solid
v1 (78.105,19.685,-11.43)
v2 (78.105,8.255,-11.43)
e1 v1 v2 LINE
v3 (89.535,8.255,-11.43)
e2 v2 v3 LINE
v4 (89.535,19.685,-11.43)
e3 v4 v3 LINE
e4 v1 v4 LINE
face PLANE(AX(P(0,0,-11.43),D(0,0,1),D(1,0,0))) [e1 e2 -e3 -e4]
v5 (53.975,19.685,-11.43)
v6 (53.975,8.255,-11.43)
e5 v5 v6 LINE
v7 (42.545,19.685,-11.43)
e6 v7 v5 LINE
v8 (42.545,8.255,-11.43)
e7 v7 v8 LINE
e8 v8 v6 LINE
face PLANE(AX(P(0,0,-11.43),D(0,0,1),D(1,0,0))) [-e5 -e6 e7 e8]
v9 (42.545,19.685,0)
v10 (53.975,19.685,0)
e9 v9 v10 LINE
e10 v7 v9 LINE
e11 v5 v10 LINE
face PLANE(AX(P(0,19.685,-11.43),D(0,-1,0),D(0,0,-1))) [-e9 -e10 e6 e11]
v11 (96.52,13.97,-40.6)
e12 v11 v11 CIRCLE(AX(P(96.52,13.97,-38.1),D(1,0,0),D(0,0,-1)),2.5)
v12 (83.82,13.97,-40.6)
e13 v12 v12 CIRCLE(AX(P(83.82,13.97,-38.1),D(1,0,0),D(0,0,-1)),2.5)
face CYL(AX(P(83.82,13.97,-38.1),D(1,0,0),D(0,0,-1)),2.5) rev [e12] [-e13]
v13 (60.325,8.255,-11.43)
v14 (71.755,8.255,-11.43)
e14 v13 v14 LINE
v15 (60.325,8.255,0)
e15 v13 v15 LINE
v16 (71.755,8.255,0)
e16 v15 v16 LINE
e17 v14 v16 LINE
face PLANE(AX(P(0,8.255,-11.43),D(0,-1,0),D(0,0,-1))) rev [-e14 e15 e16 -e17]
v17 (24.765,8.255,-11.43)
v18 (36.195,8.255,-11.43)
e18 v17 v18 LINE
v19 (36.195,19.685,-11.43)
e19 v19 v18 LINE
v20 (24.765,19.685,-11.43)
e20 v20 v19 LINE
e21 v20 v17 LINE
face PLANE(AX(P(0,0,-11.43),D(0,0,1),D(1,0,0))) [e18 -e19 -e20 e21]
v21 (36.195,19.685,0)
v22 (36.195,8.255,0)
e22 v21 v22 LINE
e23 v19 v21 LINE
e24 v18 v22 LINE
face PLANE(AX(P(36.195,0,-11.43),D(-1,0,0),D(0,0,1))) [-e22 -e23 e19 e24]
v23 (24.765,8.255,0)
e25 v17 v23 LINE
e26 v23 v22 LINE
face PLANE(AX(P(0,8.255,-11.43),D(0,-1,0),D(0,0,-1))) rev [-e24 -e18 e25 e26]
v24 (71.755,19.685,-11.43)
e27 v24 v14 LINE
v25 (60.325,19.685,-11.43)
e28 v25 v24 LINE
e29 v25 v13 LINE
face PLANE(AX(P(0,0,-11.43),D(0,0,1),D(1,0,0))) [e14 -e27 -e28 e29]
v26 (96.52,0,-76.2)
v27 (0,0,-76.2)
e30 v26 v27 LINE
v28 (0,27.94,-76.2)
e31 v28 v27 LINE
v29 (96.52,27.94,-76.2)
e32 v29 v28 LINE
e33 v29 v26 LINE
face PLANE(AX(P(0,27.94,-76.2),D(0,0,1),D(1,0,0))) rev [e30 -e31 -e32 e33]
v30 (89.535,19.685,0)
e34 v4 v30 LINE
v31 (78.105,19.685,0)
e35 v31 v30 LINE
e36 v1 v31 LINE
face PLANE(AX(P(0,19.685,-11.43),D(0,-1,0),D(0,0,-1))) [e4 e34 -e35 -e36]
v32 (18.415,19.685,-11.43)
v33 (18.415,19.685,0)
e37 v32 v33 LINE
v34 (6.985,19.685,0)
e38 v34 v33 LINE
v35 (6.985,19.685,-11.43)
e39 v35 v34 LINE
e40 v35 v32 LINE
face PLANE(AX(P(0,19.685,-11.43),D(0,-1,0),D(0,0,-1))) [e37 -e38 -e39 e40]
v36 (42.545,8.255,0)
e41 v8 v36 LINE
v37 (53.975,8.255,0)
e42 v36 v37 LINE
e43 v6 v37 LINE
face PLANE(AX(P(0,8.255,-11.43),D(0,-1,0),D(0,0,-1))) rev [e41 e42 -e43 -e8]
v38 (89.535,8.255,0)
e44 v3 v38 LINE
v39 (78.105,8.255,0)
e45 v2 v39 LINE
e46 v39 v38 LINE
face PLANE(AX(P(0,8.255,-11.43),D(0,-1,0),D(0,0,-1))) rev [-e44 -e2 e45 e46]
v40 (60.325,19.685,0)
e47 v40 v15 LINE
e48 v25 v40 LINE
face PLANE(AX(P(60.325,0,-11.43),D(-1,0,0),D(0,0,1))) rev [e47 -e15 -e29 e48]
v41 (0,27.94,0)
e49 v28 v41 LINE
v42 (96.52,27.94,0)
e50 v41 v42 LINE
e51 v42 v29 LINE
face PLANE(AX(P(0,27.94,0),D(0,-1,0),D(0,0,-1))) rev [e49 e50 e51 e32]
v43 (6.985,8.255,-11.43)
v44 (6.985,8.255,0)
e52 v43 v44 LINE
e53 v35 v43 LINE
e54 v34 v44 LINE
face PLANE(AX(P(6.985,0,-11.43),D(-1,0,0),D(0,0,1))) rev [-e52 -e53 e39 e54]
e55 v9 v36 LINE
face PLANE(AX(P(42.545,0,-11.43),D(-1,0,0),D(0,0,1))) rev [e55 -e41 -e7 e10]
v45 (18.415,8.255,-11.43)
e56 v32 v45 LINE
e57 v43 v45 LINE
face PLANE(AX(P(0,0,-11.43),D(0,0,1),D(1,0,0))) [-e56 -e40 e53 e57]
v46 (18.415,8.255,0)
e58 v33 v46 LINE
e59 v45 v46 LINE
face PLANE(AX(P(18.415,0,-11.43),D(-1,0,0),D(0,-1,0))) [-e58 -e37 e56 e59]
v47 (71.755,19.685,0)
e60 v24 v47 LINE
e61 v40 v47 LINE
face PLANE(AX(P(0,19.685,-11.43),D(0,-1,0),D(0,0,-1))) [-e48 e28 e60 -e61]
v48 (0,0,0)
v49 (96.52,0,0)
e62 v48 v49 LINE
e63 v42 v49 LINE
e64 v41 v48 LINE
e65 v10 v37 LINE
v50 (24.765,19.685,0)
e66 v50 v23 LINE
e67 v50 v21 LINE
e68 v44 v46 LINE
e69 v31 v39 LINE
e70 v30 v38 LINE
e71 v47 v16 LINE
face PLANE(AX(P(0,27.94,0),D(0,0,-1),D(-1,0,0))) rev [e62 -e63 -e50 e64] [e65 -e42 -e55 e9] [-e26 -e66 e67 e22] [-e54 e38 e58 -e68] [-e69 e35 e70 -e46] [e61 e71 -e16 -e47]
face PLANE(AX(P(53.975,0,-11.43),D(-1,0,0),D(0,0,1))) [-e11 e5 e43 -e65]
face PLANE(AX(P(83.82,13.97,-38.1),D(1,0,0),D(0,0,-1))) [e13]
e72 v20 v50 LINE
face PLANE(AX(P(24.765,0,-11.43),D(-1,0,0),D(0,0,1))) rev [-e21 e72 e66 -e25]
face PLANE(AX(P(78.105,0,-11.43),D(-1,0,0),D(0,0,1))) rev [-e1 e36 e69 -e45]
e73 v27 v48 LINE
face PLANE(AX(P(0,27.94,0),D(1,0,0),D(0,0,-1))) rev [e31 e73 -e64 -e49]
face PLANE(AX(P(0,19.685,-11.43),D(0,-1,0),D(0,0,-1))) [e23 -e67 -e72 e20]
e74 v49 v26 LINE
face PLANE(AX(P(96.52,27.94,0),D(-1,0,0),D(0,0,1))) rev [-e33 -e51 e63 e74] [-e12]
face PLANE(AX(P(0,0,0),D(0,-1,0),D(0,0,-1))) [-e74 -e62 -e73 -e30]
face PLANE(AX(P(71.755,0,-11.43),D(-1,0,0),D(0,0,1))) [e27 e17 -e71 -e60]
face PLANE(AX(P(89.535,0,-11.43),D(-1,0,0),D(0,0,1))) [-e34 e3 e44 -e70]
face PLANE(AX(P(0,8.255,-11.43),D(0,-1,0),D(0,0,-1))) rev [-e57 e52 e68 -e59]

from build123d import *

# Parameters (mm, degrees)
SKETCH1_W           = 96.52
SKETCH1_H           = 76.2
BOSS_EXTRUDE1_DEPTH = 27.94
SKETCH2_W           = 11.43
SKETCH2_H           = 11.43
CUT_EXTRUDE1_DEPTH  = 11.43
SKETCH3_R           = 2.5
CUT_EXTRUDE2_DEPTH  = 12.7


with BuildPart() as part:
    # Sketch1 → Boss-Extrude1 (new body)
    with BuildSketch(Plane(origin=(0, 0, 0), x_dir=(1, 0, 0), z_dir=(0, 1, 0))):
        with Locations((48.26, 38.1)):
            Rectangle(SKETCH1_W, SKETCH1_H)
    extrude(amount=BOSS_EXTRUDE1_DEPTH)

    # Sketch2 → Cut-Extrude1 (cut)
    with BuildSketch(Plane.XY):
        with Locations((12.7, 13.97)):
            Rectangle(SKETCH2_W, SKETCH2_H)
        with Locations((30.48, 13.97)):
            Rectangle(SKETCH2_W, SKETCH2_H)
        with Locations((48.26, 13.97)):
            Rectangle(SKETCH2_W, SKETCH2_H)
        with Locations((66.04, 13.97)):
            Rectangle(SKETCH2_W, SKETCH2_H)
        with Locations((83.82, 13.97)):
            Rectangle(SKETCH2_W, SKETCH2_H)
    extrude(amount=-CUT_EXTRUDE1_DEPTH, mode=Mode.SUBTRACT)

    # Sketch3 → Cut-Extrude2 (cut)
    with BuildSketch(Plane(origin=(96.52, 0, 0), x_dir=(0, 0, -1), z_dir=(1, 0, 0))):
        with Locations((38.1, 13.97)):
            Circle(SKETCH3_R)
    extrude(amount=-CUT_EXTRUDE2_DEPTH, mode=Mode.SUBTRACT)


solid = part.part
